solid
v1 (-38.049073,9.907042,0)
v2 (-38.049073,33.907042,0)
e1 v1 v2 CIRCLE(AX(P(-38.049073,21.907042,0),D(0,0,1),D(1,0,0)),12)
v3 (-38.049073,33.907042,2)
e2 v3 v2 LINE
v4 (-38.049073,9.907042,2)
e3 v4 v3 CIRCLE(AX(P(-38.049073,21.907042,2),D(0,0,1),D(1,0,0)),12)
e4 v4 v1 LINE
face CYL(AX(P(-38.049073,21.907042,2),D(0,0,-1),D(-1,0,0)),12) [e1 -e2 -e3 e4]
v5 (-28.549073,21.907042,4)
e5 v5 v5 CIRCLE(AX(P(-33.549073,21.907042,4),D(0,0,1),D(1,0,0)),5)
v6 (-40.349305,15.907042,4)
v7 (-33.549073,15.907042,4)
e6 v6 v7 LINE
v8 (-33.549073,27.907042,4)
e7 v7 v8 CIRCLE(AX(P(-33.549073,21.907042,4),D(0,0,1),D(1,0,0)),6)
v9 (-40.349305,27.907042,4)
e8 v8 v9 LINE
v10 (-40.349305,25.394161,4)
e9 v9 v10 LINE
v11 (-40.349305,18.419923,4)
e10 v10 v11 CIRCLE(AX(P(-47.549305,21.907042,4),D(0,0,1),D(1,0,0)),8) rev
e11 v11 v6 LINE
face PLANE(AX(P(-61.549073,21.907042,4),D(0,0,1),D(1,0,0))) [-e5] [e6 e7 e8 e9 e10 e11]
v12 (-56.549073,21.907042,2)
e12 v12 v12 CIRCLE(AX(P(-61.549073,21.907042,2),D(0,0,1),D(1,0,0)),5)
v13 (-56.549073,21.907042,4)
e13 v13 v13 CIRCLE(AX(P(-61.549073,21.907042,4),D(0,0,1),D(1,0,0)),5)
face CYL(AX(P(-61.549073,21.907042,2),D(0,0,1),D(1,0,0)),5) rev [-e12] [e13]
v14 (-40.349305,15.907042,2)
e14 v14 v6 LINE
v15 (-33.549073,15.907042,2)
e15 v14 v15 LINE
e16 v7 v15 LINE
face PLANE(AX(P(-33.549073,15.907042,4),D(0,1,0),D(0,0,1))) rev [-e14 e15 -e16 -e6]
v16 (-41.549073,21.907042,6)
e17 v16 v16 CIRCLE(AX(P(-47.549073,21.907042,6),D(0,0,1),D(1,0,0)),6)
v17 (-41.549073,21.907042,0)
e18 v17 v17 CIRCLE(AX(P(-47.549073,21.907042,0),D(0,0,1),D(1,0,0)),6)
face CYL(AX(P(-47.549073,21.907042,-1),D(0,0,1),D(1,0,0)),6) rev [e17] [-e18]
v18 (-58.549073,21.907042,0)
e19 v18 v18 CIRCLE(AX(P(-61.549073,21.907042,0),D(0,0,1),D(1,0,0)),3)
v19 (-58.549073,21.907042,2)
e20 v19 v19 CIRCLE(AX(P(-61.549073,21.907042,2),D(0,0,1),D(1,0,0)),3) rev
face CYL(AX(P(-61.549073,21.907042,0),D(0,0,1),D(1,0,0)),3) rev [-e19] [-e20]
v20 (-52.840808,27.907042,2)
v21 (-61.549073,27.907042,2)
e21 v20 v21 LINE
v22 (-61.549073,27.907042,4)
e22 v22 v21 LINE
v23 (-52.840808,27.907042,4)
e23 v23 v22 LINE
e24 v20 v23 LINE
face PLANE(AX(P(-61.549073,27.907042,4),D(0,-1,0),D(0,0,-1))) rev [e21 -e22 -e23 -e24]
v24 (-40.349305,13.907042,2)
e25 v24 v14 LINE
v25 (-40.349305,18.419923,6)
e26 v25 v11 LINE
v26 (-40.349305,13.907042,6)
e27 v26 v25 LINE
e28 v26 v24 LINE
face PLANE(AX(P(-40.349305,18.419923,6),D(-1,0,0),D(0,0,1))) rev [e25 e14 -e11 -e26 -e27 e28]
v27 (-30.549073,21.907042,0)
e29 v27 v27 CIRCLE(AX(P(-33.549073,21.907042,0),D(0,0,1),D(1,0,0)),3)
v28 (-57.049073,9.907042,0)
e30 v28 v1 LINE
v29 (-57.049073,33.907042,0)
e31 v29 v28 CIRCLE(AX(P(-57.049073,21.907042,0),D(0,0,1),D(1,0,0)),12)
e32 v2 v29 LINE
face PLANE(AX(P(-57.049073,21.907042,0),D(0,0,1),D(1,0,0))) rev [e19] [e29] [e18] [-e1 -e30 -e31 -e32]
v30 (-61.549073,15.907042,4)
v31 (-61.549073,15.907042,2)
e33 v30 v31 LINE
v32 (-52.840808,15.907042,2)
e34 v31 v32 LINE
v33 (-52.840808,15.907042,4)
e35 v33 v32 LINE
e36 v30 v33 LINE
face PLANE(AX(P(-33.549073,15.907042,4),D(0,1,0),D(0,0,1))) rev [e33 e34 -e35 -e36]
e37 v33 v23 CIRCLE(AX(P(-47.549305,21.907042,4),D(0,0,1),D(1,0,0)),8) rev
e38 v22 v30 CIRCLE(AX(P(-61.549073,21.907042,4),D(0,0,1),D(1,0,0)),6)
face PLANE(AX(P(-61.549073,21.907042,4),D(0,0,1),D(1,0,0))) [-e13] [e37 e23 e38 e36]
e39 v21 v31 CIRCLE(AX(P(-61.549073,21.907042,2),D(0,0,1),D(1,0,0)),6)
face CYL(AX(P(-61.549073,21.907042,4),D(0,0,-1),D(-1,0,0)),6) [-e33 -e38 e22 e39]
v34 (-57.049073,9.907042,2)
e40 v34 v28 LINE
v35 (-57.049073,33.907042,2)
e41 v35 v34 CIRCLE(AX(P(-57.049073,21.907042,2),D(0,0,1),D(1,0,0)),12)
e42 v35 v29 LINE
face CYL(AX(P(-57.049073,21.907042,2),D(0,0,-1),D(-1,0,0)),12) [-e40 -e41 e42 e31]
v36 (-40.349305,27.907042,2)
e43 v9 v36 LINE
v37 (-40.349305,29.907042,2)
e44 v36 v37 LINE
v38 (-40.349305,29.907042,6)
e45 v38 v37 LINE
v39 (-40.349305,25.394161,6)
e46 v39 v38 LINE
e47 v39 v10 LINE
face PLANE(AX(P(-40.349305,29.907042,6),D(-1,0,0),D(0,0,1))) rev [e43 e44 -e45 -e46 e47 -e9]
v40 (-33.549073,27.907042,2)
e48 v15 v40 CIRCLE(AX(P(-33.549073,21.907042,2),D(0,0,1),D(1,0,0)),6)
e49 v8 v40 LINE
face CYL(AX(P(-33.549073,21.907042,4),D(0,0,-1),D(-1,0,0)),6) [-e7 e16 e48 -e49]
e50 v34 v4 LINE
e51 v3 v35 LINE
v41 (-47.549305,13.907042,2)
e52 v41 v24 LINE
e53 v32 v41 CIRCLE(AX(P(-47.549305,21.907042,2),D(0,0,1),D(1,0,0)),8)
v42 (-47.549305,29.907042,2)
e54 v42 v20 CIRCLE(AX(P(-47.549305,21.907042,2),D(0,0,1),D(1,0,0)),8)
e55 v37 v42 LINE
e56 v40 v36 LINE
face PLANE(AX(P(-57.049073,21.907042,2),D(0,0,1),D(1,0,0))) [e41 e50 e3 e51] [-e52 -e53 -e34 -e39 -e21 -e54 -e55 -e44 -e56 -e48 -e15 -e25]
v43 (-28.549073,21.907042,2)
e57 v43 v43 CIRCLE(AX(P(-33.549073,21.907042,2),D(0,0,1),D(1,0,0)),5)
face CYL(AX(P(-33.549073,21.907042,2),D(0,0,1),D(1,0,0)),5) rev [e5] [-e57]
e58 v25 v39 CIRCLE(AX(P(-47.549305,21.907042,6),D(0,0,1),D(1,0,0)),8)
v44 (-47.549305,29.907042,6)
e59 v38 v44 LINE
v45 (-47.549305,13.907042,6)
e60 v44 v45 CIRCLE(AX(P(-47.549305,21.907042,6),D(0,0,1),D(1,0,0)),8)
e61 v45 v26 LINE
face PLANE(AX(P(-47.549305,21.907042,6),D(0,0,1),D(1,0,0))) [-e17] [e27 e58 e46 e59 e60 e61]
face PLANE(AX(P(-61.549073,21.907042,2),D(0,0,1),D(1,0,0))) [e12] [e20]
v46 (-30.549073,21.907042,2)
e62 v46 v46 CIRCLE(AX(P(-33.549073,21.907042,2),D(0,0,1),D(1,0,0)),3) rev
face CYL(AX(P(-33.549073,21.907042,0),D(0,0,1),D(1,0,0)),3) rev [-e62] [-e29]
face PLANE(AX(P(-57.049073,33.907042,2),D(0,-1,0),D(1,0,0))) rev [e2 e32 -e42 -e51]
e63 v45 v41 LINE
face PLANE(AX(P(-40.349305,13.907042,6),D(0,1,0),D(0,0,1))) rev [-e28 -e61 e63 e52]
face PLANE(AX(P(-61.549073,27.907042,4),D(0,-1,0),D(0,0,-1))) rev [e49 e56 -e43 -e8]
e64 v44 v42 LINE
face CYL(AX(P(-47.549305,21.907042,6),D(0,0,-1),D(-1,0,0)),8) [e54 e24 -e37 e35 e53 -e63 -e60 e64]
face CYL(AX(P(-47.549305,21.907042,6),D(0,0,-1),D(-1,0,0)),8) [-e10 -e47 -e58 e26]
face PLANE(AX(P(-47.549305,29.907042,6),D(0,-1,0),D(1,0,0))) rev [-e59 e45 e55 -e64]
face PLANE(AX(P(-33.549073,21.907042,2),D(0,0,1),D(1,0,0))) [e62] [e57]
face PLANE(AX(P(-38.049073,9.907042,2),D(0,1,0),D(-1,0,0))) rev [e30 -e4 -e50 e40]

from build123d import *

# Parameters (mm, degrees)
EXTRUSION1_DEPTH        = 2
EXTRUSION4_DEPTH        = 2
EXTRUSION5_DEPTH        = 4
ESQUISSE3_R             = 6
ENL_V_MAT_EXTRU_1_DEPTH = 5
ESQUISSE5_R             = 3
ENL_V_MAT_EXTRU_2_DEPTH = 5
ESQUISSE6_R             = 5
ENL_V_MAT_EXTRU_3_DEPTH = 2


with BuildPart() as part:
    # Esquisse1 → Extrusion1 (new body)
    with BuildSketch(Plane.XY):
        with BuildLine():
            Line((-57.049073, 33.907042), (-38.049073, 33.907042))
            ThreePointArc((-38.049073, 33.907042), (-26.049073, 21.907042), (-38.049073, 9.907042))
            Line((-38.049073, 9.907042), (-57.049073, 9.907042))
            ThreePointArc((-57.049073, 9.907042), (-69.049073, 21.907042), (-57.049073, 33.907042))
        make_face()
    extrude(amount=EXTRUSION1_DEPTH)

    # Esquisse2 → Extrusion4 (add)
    with BuildSketch(Plane.XY.offset(2)):
        with BuildLine():
            Line((-61.549073, 27.907042), (-33.549073, 27.907042))
            ThreePointArc((-33.549073, 27.907042), (-27.549073, 21.907042), (-33.549073, 15.907042))
            Line((-33.549073, 15.907042), (-61.549073, 15.907042))
            ThreePointArc((-61.549073, 15.907042), (-67.549073, 21.907042), (-61.549073, 27.907042))
        make_face()
    extrude(amount=EXTRUSION4_DEPTH)

    # Esquisse4 → Extrusion5 (add)
    with BuildSketch(Plane.XY.offset(2)):
        with BuildLine():
            Line((-47.549305, 29.907042), (-40.349305, 29.907042))
            Line((-40.349305, 29.907042), (-40.349305, 25.394161155))
            ThreePointArc((-40.349305, 25.394161155), (-39.549305, 21.907042), (-40.349305, 18.419922845))
            Line((-40.349305, 18.419922845), (-40.349305, 13.907042))
            Line((-40.349305, 13.907042), (-47.549305, 13.907042))
            ThreePointArc((-47.549305, 13.907042), (-55.549305, 21.907042), (-47.549305, 29.907042))
        make_face()
    extrude(amount=EXTRUSION5_DEPTH)

    # Esquisse3 → Enlèv. mat.-Extru.1 (cut, symmetric)
    with BuildSketch(Plane.XY.offset(4)):
        with Locations((-47.549073, 21.907042)):
            Circle(ESQUISSE3_R)
    extrude(amount=ENL_V_MAT_EXTRU_1_DEPTH, both=True, mode=Mode.SUBTRACT)

    # Esquisse5 → Enlèv. mat.-Extru.2 (cut, through all)
    with BuildSketch(Plane.XY.offset(4)):
        with Locations((-61.549073, 21.907042)):
            Circle(ESQUISSE5_R)
        with Locations((-33.549073, 21.907042)):
            Circle(ESQUISSE5_R)
    extrude(amount=-ENL_V_MAT_EXTRU_2_DEPTH, mode=Mode.SUBTRACT)

    # Esquisse6 → Enlèv. mat.-Extru.3 (cut)
    with BuildSketch(Plane.XY.offset(4)):
        with Locations((-61.549073, 21.907042)):
            Circle(ESQUISSE6_R)
        with Locations((-33.549073, 21.907042)):
            Circle(ESQUISSE6_R)
    extrude(amount=-ENL_V_MAT_EXTRU_3_DEPTH, mode=Mode.SUBTRACT)


solid = part.part
